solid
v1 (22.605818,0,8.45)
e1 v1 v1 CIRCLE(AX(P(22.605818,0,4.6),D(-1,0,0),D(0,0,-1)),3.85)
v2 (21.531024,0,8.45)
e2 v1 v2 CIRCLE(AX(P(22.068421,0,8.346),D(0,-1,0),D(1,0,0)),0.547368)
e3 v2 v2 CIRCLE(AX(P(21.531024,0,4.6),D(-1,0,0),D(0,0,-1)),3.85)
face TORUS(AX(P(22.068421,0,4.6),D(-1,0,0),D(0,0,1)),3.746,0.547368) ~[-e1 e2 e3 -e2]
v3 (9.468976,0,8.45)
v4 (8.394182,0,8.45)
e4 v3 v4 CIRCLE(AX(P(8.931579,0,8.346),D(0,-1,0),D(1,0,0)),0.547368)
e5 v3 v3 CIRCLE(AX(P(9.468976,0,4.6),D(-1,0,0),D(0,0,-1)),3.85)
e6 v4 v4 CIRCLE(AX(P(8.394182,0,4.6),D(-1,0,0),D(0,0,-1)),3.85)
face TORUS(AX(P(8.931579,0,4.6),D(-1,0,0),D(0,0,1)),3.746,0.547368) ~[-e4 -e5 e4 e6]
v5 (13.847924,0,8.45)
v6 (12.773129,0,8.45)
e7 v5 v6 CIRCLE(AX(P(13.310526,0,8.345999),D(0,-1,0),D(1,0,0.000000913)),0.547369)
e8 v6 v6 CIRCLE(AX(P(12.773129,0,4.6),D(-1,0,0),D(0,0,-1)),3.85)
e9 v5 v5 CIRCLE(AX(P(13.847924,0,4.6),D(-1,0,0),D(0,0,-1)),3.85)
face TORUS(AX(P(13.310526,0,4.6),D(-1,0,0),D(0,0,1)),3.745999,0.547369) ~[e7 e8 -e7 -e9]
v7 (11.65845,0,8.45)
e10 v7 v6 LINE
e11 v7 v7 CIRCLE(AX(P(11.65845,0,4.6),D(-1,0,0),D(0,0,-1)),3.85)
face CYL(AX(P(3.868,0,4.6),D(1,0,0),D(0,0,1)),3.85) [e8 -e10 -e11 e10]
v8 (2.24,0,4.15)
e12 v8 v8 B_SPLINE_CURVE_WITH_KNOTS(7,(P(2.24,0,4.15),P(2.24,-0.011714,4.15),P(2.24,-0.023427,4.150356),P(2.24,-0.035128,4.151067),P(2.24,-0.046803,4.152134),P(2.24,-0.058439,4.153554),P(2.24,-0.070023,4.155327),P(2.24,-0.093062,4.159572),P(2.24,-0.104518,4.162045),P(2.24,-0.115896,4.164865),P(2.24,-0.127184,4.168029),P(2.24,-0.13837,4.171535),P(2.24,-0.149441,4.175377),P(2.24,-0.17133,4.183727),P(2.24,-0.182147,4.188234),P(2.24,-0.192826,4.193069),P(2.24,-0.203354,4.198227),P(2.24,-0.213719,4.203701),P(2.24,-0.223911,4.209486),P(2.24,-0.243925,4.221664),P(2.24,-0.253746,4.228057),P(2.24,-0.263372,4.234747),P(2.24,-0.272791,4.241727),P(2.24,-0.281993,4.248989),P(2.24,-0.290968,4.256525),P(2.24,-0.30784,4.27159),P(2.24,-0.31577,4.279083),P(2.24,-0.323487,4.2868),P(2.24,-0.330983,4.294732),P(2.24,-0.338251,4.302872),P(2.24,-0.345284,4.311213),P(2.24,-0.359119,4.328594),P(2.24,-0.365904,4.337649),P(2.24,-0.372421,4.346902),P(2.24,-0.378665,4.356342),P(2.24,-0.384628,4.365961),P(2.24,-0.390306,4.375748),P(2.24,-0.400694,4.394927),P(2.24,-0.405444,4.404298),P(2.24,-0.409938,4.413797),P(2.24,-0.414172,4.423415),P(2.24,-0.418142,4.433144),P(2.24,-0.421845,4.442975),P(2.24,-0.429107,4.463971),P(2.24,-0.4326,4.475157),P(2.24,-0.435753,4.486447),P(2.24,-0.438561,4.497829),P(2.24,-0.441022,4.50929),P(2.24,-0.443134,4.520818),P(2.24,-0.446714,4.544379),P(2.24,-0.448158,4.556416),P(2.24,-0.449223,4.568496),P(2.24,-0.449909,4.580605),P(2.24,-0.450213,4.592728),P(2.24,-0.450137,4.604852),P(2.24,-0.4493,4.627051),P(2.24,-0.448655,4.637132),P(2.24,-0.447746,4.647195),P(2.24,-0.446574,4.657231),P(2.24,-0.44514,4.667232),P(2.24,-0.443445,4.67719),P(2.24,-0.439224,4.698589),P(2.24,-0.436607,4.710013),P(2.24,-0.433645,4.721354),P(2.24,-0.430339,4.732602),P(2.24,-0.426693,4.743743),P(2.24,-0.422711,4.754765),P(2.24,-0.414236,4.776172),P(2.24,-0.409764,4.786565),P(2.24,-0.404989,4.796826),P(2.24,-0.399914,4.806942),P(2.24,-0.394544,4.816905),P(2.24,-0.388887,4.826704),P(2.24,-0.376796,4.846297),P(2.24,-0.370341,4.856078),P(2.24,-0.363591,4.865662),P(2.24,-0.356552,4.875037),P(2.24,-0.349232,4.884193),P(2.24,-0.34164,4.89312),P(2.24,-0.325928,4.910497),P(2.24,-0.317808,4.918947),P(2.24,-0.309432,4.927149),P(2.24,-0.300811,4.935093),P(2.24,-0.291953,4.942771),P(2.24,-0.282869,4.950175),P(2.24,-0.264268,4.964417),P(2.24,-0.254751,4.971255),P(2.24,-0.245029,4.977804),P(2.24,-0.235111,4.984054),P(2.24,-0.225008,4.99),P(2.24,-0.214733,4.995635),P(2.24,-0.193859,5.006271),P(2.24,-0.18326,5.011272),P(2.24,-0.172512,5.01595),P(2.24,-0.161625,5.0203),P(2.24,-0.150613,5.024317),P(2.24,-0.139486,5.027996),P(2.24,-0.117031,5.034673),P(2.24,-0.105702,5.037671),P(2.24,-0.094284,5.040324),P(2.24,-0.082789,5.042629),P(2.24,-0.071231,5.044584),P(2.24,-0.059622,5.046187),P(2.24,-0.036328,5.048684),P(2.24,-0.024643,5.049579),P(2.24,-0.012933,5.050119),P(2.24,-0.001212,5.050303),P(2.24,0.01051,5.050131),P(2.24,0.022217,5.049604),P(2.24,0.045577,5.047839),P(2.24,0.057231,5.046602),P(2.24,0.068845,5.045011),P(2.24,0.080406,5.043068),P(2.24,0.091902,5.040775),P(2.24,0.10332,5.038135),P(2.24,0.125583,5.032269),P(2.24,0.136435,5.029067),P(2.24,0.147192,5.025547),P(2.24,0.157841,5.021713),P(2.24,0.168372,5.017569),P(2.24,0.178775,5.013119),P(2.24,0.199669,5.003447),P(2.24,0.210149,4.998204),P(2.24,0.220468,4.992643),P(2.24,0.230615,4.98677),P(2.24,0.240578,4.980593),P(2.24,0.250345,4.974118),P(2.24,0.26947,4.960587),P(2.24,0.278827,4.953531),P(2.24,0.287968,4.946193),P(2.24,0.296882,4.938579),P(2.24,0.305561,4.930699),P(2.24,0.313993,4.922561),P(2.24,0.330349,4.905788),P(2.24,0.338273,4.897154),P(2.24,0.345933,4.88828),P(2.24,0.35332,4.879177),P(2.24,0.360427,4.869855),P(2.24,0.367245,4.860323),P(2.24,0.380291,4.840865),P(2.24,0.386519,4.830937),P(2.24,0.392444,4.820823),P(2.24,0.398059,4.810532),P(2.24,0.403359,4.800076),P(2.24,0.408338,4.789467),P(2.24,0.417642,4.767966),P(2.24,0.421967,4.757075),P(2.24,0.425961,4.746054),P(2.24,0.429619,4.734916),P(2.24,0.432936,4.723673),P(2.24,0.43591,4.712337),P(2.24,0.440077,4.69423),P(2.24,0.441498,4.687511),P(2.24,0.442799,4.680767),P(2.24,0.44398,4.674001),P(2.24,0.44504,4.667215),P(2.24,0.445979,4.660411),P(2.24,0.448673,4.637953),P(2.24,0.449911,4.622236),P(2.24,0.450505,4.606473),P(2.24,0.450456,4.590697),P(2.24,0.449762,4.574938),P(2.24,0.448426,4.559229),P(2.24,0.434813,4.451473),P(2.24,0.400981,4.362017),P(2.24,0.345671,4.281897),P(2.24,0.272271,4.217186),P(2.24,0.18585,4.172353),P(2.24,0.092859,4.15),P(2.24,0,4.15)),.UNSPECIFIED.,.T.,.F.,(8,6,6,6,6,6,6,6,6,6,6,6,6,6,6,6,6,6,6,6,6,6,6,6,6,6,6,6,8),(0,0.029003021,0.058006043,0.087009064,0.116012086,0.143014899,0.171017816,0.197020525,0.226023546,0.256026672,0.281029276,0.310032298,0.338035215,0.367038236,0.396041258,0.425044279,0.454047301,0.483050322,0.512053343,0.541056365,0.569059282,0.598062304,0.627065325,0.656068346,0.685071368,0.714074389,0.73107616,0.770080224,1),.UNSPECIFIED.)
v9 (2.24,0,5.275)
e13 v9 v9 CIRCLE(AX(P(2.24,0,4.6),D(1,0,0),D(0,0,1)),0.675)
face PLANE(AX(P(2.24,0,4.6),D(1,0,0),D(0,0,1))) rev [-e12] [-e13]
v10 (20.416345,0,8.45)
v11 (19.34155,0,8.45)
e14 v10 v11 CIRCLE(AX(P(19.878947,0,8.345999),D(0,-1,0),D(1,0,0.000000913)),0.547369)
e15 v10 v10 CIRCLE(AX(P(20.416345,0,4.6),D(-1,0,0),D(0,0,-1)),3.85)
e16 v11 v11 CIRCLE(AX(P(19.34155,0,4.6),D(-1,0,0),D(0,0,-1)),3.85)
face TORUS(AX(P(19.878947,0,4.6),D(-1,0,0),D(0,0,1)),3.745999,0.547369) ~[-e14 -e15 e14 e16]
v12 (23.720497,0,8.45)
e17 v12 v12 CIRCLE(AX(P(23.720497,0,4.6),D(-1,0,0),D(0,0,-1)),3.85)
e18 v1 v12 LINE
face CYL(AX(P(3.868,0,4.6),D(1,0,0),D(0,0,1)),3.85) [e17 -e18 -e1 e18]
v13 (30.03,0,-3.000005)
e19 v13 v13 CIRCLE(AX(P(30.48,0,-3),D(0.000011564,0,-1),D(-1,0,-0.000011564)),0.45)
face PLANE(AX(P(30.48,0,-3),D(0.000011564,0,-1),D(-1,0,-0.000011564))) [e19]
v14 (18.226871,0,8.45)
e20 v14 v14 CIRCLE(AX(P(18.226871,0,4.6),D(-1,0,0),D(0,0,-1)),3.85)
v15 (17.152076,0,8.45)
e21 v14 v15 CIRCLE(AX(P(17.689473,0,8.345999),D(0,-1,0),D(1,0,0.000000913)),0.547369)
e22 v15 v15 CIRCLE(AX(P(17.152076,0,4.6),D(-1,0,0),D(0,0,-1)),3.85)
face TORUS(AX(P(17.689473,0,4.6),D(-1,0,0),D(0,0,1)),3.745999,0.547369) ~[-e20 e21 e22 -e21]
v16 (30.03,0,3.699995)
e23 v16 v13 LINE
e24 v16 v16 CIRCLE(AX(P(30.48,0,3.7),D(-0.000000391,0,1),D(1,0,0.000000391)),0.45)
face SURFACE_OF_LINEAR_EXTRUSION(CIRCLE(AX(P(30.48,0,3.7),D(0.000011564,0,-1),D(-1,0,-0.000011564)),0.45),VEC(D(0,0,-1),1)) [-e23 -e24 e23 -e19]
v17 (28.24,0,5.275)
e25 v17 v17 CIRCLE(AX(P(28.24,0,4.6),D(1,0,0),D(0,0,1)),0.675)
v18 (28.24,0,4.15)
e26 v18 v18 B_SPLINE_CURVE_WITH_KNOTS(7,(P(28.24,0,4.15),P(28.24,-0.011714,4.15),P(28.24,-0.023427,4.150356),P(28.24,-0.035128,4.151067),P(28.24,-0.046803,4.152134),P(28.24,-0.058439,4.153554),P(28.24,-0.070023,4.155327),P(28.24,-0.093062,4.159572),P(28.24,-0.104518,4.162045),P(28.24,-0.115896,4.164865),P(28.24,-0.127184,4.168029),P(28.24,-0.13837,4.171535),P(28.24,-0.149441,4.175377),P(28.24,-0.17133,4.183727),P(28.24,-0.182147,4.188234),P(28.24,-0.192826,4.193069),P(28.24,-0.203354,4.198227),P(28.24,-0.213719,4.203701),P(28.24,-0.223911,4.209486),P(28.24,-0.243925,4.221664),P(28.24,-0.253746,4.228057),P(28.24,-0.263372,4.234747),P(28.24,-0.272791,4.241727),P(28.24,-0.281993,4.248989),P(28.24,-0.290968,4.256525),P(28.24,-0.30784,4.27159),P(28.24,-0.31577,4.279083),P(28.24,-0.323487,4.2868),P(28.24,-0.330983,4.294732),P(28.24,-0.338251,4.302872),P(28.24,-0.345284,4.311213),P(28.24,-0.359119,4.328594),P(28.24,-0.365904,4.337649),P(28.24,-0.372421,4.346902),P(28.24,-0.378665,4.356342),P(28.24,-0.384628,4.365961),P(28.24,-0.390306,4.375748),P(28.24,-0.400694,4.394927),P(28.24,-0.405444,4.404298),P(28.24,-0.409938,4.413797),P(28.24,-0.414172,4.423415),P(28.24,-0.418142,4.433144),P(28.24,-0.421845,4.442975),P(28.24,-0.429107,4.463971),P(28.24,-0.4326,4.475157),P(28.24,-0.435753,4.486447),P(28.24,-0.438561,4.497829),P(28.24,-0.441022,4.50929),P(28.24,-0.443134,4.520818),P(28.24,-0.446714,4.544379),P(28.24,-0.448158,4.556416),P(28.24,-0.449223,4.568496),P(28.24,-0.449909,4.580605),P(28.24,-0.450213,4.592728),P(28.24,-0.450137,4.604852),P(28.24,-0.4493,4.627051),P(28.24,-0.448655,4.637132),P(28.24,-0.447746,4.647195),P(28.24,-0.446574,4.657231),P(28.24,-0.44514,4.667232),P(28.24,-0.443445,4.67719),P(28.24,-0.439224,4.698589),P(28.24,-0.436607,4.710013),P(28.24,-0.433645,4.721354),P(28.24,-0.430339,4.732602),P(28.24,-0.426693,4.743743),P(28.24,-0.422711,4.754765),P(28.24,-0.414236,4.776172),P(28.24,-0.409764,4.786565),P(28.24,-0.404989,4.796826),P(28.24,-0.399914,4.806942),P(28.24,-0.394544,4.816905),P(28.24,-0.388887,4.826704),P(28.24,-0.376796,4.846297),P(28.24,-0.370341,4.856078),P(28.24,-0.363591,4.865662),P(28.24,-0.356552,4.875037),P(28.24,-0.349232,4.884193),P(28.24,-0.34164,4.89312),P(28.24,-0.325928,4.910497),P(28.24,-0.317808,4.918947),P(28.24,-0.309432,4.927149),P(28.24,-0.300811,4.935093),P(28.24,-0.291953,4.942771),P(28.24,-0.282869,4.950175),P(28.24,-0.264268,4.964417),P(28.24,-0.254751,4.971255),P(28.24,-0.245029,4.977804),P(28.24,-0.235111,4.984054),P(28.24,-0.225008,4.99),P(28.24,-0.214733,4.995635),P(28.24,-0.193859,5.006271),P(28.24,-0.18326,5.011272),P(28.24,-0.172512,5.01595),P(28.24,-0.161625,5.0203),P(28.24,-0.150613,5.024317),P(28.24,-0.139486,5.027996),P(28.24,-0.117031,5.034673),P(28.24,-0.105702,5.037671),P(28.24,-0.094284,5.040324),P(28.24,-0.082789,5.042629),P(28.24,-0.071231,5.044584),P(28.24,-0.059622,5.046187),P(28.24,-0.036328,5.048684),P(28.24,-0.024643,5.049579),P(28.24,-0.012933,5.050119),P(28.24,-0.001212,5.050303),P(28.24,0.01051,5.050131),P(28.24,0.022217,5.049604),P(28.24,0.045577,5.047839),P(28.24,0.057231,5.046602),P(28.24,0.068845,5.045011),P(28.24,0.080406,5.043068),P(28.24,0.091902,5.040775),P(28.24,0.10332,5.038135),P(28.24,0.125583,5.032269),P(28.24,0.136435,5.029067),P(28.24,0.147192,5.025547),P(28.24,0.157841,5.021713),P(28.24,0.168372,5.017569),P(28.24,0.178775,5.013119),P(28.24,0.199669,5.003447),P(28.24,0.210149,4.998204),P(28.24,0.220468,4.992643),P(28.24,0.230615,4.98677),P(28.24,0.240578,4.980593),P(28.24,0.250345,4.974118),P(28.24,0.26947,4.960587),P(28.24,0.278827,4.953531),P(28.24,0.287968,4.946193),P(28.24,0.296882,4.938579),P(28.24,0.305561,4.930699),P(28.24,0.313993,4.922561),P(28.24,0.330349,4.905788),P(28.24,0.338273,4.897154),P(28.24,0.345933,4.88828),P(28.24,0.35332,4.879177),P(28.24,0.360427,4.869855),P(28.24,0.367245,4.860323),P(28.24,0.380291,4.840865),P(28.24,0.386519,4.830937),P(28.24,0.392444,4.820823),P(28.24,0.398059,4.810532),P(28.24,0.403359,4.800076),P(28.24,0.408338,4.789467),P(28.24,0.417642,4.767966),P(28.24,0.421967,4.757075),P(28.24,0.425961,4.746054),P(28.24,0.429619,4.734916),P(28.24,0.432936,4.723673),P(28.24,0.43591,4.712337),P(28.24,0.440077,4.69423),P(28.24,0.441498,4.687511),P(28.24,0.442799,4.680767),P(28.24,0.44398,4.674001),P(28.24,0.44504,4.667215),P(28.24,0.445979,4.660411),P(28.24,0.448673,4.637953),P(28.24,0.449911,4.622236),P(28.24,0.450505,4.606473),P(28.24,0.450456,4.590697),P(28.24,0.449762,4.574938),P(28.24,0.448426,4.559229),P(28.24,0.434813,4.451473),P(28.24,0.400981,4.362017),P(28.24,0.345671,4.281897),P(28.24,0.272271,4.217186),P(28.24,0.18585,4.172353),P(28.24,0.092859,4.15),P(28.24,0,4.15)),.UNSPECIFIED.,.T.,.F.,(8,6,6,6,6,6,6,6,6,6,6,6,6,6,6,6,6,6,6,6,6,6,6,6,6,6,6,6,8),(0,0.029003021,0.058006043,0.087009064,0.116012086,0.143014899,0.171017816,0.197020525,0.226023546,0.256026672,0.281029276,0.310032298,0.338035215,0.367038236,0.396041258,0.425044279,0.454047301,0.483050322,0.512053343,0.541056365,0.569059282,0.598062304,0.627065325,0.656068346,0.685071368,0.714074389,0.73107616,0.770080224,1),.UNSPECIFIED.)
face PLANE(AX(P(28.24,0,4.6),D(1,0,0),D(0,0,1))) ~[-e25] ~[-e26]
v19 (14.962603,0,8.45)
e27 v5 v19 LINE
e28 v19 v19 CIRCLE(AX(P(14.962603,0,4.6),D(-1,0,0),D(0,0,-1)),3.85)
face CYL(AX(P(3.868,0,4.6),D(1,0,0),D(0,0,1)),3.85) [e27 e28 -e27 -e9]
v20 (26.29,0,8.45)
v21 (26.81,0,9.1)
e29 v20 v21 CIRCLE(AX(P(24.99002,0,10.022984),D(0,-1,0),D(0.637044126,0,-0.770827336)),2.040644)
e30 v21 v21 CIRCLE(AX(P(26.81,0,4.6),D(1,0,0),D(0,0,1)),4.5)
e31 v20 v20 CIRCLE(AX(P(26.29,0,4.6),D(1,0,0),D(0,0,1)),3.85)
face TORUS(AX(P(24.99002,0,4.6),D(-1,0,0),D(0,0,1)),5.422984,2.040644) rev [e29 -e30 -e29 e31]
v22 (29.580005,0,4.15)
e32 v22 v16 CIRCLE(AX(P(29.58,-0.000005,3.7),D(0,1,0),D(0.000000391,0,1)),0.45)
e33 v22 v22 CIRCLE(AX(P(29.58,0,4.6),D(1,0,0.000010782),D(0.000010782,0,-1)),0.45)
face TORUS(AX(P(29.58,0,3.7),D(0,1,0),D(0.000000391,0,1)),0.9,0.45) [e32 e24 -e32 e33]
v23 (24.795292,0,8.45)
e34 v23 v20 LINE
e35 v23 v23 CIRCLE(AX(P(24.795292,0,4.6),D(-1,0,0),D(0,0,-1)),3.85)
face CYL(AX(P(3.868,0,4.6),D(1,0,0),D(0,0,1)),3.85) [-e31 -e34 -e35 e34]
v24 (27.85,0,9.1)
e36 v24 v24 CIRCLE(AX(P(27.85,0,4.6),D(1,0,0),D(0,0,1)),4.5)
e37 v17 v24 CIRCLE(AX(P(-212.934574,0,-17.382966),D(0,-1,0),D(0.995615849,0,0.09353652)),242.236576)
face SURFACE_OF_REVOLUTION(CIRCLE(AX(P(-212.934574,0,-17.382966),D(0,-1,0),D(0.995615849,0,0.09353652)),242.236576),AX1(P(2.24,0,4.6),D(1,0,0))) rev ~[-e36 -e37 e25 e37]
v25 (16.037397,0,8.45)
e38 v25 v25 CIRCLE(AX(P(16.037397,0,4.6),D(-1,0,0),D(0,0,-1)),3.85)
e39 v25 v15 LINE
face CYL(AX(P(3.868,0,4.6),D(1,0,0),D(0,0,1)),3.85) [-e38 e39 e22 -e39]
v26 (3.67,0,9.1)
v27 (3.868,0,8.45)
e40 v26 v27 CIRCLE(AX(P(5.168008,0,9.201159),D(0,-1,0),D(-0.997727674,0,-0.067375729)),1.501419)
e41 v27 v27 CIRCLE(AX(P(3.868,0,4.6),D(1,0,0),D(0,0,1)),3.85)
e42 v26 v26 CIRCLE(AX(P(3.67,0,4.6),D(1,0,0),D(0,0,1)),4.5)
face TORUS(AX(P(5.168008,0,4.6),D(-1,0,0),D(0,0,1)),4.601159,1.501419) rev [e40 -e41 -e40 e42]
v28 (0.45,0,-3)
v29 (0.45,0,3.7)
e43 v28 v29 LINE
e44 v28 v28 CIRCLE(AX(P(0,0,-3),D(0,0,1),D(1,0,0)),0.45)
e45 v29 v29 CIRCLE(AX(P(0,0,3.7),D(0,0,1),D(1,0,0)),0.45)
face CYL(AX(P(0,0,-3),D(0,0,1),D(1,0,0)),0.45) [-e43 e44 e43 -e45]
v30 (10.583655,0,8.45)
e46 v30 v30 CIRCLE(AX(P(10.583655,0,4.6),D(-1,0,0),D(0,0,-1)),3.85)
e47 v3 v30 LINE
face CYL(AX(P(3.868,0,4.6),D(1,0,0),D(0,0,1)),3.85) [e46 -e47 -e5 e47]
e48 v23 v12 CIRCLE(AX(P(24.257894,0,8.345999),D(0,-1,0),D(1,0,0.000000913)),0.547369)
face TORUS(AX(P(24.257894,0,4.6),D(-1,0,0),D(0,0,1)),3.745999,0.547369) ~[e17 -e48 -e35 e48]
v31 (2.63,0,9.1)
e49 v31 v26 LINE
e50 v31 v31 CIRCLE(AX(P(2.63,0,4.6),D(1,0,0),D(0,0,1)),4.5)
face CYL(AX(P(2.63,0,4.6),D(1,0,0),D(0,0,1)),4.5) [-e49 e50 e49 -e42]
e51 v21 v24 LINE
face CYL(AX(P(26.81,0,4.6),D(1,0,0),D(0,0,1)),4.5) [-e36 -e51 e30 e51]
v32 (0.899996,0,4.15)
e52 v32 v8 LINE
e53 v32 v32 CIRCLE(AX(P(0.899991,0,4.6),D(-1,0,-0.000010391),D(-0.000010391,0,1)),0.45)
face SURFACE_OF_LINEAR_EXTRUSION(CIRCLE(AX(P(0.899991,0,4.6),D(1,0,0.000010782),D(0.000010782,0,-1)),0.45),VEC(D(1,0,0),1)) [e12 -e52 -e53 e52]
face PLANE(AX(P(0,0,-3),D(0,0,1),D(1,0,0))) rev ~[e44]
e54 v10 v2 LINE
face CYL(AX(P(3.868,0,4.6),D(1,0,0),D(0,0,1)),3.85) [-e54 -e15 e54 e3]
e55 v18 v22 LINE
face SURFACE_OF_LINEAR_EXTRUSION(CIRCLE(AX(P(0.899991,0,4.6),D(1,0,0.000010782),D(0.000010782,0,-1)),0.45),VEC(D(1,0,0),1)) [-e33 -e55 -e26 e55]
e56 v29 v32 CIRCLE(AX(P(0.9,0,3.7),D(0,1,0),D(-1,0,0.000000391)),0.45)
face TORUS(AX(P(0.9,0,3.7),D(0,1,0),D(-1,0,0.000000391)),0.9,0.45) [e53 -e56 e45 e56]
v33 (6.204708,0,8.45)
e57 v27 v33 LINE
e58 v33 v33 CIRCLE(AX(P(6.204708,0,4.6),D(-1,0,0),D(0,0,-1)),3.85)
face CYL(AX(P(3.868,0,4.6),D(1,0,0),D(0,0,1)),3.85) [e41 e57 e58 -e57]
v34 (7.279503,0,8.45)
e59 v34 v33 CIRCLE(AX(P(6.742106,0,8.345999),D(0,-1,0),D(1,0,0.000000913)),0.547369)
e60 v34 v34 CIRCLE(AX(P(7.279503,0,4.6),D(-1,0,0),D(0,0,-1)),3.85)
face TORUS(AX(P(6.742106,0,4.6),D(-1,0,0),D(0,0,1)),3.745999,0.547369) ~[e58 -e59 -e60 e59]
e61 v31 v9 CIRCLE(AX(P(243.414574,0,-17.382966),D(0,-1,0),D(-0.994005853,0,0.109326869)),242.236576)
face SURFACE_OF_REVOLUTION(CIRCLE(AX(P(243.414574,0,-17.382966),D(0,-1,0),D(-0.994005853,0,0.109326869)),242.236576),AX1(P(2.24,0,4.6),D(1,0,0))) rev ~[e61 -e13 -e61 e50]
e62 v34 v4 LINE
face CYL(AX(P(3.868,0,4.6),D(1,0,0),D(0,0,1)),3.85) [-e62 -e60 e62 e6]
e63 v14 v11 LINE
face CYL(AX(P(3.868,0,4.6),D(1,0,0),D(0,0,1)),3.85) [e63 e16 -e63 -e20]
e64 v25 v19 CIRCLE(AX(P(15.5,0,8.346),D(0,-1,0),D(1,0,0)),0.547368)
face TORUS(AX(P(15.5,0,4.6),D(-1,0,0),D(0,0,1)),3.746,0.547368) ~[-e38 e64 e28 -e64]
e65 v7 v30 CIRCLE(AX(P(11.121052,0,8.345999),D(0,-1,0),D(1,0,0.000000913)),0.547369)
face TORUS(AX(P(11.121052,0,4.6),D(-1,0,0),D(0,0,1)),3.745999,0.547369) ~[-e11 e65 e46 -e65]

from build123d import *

# Parameters (mm, degrees)
SKETCH_R = 0.45


with BuildPart() as sweep_body:
    # Sweep: sweep along a path in Sketch001
    with BuildLine(Plane.XZ) as sweep_path:
        Line((0, -3), (0, 3.7))
        ThreePointArc((0, 3.7), (0.263601, 4.336393), (0.899991, 4.6))
        Line((0.899991, 4.6), (29.58, 4.6))
        ThreePointArc((29.58, 4.6), (30.216396, 4.336396), (30.48, 3.7))
        Line((30.48, 3.7), (30.48, -3))
    # Sketch → Sweep (sweep)
    with BuildSketch(Plane.XY.offset(-2)):
        Circle(SKETCH_R)
    sweep(path=sweep_path.line)


with BuildPart() as revolution:
    # Sketch002 → Revolution (revolve)
    with BuildSketch(Plane.XZ):
        with BuildLine():
            Line((2.63, 9.1), (3.67, 9.1))
            ThreePointArc((3.67, 9.1), (3.731746, 8.763652), (3.868, 8.45))
            Line((3.868, 8.45), (26.29, 8.45))
            ThreePointArc((26.29, 8.45), (26.583495, 8.748204), (26.81, 9.1))
            Line((26.81, 9.1), (27.85, 9.1))
            ThreePointArc((28.24, 5.275), (28.052589, 7.188274), (27.85, 9.1))
            Line((28.24, 4.6), (28.24, 5.275))
            Line((2.24, 4.6), (28.24, 4.6))
            Line((2.24, 4.6), (2.24, 5.275))
            ThreePointArc((2.63, 9.1), (2.427411, 7.188274), (2.24, 5.275))
        make_face()
    revolve(axis=Axis((2.24, 0, 4.6), (1, 0, 0)))


with BuildPart() as revolution001_mp_cp:
    # Sketch003 → Revolution001 (revolve)
    with BuildSketch(Plane.XZ):
        with BuildLine():
            ThreePointArc((7.289474, 8.346), (6.742105, 8.893368), (6.194737, 8.346))
            Line((5.1, 8.346), (6.194737, 8.346))
            Line((5.1, 8.346), (5.1, 7.446))
            Line((5.1, 7.446), (25.9, 7.446))
            Line((25.9, 7.446), (25.9, 8.346))
            Line((24.805263, 8.346), (25.9, 8.346))
            ThreePointArc((24.805263, 8.346), (24.257895, 8.893368), (23.710526, 8.346))
            Line((22.615789, 8.346), (23.710526, 8.346))
            ThreePointArc((22.615789, 8.346), (22.068421, 8.893368), (21.521053, 8.346))
            Line((20.426316, 8.346), (21.521053, 8.346))
            ThreePointArc((20.426316, 8.346), (19.878947, 8.893368), (19.331579, 8.346))
            Line((18.236842, 8.346), (19.331579, 8.346))
            ThreePointArc((18.236842, 8.346), (17.689474, 8.893368), (17.142105, 8.346))
            Line((16.047368, 8.346), (17.142105, 8.346))
            ThreePointArc((16.047368, 8.346), (15.5, 8.893368), (14.952632, 8.346))
            Line((13.857895, 8.346), (14.952632, 8.346))
            ThreePointArc((13.857895, 8.346), (13.310526, 8.893368), (12.763158, 8.346))
            Line((11.668421, 8.346), (12.763158, 8.346))
            ThreePointArc((11.668421, 8.346), (11.121053, 8.893368), (10.573684, 8.346))
            Line((9.478947, 8.346), (10.573684, 8.346))
            ThreePointArc((9.478947, 8.346), (8.931579, 8.893368), (8.384211, 8.346))
            Line((7.289474, 8.346), (8.384211, 8.346))
        make_face()
    revolve(axis=Axis((2.89, 0, 4.6), (1, 0, 0)))

    # Revolution001_mp_cp: union Sweep body, Revolution
    add(sweep_body.part)
    add(revolution.part)


solid = revolution001_mp_cp.part
